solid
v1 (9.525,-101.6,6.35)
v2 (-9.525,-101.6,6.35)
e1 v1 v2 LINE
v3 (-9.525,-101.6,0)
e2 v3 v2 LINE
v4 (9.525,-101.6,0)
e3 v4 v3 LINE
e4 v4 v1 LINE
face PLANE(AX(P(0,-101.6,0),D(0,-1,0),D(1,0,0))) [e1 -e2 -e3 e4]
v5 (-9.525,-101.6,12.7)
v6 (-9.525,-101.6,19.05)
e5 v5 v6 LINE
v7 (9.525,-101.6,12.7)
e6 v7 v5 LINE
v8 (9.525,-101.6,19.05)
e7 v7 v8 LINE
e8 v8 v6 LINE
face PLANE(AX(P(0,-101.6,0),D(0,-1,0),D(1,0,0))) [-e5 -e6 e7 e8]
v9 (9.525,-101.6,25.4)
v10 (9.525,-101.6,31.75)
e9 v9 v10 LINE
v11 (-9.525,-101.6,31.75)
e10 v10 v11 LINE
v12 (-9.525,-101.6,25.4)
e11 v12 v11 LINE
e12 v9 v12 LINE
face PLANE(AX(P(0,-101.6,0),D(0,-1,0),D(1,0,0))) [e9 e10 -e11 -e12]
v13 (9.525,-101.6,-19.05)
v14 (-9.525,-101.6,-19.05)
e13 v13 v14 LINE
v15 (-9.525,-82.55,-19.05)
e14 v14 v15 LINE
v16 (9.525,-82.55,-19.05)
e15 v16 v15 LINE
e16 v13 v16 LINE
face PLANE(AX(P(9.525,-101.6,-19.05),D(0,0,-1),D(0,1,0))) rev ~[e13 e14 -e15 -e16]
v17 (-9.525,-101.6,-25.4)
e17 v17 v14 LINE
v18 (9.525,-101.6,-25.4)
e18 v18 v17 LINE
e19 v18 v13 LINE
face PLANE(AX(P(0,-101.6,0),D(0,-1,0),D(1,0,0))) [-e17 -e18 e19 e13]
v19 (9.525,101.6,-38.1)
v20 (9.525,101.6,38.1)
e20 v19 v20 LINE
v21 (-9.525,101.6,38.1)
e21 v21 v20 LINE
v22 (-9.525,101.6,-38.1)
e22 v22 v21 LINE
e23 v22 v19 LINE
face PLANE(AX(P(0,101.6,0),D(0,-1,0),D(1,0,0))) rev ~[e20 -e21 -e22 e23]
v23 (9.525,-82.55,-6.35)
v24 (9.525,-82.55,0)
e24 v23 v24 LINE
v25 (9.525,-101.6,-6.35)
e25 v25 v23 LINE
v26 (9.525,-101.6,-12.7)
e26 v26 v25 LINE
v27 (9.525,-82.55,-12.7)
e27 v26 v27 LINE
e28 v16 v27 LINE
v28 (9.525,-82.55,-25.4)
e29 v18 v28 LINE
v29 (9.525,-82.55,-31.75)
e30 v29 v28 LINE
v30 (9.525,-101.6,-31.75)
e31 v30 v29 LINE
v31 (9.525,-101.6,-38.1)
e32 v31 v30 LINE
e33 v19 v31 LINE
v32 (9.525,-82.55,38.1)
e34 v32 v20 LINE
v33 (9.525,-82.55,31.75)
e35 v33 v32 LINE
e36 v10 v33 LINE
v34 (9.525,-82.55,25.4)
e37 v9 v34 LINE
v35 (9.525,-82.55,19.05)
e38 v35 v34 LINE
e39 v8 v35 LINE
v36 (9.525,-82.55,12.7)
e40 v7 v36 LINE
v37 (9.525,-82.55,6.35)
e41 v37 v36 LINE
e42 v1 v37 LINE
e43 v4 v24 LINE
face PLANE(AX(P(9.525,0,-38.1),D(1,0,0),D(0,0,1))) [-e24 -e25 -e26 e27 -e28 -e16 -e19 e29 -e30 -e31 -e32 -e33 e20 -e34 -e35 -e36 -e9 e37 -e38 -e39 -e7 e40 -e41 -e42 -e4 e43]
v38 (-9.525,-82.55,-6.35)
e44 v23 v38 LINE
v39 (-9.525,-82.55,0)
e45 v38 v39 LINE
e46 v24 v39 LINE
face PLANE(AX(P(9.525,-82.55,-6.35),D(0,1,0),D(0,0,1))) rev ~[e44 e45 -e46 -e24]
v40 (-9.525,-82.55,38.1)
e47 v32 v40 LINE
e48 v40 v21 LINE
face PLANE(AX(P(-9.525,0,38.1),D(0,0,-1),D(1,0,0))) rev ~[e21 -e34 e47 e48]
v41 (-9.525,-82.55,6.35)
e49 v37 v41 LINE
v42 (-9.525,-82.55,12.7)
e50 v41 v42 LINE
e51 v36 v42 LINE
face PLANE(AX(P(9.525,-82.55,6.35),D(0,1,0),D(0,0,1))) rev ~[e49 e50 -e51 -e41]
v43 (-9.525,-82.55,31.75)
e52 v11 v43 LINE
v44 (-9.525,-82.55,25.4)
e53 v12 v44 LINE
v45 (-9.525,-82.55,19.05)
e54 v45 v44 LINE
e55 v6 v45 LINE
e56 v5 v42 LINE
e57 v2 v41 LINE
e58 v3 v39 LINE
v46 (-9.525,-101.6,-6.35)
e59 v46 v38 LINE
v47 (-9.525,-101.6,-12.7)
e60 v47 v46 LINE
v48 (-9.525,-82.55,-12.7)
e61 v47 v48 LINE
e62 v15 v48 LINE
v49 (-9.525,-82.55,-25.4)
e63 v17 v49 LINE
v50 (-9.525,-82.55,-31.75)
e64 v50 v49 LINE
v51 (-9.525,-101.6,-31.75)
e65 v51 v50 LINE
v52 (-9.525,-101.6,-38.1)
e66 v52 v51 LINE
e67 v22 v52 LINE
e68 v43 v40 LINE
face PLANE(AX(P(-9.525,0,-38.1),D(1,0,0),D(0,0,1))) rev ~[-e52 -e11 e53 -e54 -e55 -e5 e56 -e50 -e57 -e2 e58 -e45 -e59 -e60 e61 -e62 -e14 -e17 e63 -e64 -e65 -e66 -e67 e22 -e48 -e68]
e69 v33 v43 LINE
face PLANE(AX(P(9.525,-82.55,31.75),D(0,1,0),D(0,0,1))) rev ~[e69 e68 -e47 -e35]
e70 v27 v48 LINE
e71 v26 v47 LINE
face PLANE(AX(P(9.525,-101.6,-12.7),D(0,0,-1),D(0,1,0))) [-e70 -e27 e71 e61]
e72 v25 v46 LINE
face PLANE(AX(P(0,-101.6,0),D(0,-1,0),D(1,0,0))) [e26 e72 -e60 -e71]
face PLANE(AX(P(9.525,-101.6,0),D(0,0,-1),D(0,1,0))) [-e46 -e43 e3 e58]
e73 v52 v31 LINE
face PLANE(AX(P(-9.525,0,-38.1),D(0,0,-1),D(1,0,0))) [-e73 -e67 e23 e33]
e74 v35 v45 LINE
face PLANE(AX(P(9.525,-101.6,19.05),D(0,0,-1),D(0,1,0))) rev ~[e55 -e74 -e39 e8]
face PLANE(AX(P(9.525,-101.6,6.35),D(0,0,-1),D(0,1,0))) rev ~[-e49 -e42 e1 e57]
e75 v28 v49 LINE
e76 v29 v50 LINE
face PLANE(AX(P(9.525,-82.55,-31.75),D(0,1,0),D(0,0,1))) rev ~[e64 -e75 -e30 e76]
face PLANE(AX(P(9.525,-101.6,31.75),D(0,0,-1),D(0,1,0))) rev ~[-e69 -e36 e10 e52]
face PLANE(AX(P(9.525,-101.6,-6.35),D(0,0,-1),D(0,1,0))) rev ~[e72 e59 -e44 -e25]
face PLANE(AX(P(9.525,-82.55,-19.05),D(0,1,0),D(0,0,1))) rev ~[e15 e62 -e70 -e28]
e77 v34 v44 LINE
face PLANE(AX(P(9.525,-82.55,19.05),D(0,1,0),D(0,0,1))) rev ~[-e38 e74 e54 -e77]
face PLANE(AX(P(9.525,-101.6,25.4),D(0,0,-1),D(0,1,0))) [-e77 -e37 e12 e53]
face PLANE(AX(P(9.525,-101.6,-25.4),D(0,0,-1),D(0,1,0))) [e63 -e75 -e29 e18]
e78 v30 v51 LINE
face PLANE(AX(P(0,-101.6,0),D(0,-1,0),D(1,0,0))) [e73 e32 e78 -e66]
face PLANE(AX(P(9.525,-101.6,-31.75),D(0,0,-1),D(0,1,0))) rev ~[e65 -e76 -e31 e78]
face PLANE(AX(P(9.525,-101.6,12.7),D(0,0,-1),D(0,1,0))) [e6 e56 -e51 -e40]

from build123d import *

# Parameters (mm, degrees)
F0_W     = 19.05
F0_H     = 76.2
F1_DEPTH = 101.6
F2_W     = 19.05
F2_H     = 6.35
F3_DEPTH = 19.051


with BuildPart() as f1:
    # F0 (on Front) → F1 (new body, symmetric)
    with BuildSketch(Plane.XZ):
        Rectangle(F0_W, F0_H)
    extrude(amount=F1_DEPTH, both=True)

    # F2 (on face) → F3 (cut, through all)
    with BuildSketch(Plane.YZ.offset(9.525)):
        with Locations((-92.075, 34.925)):
            Rectangle(F2_W, F2_H)
        with Locations((-92.075, 22.225)):
            Rectangle(F2_W, F2_H)
        with Locations((-92.075, 9.525)):
            Rectangle(F2_W, F2_H)
        with Locations((-92.075, -3.175)):
            Rectangle(F2_W, F2_H)
        with Locations((-92.075, -15.875)):
            Rectangle(F2_W, F2_H)
        with Locations((-92.075, -28.575)):
            Rectangle(F2_W, F2_H)
    extrude(amount=-F3_DEPTH, mode=Mode.SUBTRACT)


solid = f1.part
